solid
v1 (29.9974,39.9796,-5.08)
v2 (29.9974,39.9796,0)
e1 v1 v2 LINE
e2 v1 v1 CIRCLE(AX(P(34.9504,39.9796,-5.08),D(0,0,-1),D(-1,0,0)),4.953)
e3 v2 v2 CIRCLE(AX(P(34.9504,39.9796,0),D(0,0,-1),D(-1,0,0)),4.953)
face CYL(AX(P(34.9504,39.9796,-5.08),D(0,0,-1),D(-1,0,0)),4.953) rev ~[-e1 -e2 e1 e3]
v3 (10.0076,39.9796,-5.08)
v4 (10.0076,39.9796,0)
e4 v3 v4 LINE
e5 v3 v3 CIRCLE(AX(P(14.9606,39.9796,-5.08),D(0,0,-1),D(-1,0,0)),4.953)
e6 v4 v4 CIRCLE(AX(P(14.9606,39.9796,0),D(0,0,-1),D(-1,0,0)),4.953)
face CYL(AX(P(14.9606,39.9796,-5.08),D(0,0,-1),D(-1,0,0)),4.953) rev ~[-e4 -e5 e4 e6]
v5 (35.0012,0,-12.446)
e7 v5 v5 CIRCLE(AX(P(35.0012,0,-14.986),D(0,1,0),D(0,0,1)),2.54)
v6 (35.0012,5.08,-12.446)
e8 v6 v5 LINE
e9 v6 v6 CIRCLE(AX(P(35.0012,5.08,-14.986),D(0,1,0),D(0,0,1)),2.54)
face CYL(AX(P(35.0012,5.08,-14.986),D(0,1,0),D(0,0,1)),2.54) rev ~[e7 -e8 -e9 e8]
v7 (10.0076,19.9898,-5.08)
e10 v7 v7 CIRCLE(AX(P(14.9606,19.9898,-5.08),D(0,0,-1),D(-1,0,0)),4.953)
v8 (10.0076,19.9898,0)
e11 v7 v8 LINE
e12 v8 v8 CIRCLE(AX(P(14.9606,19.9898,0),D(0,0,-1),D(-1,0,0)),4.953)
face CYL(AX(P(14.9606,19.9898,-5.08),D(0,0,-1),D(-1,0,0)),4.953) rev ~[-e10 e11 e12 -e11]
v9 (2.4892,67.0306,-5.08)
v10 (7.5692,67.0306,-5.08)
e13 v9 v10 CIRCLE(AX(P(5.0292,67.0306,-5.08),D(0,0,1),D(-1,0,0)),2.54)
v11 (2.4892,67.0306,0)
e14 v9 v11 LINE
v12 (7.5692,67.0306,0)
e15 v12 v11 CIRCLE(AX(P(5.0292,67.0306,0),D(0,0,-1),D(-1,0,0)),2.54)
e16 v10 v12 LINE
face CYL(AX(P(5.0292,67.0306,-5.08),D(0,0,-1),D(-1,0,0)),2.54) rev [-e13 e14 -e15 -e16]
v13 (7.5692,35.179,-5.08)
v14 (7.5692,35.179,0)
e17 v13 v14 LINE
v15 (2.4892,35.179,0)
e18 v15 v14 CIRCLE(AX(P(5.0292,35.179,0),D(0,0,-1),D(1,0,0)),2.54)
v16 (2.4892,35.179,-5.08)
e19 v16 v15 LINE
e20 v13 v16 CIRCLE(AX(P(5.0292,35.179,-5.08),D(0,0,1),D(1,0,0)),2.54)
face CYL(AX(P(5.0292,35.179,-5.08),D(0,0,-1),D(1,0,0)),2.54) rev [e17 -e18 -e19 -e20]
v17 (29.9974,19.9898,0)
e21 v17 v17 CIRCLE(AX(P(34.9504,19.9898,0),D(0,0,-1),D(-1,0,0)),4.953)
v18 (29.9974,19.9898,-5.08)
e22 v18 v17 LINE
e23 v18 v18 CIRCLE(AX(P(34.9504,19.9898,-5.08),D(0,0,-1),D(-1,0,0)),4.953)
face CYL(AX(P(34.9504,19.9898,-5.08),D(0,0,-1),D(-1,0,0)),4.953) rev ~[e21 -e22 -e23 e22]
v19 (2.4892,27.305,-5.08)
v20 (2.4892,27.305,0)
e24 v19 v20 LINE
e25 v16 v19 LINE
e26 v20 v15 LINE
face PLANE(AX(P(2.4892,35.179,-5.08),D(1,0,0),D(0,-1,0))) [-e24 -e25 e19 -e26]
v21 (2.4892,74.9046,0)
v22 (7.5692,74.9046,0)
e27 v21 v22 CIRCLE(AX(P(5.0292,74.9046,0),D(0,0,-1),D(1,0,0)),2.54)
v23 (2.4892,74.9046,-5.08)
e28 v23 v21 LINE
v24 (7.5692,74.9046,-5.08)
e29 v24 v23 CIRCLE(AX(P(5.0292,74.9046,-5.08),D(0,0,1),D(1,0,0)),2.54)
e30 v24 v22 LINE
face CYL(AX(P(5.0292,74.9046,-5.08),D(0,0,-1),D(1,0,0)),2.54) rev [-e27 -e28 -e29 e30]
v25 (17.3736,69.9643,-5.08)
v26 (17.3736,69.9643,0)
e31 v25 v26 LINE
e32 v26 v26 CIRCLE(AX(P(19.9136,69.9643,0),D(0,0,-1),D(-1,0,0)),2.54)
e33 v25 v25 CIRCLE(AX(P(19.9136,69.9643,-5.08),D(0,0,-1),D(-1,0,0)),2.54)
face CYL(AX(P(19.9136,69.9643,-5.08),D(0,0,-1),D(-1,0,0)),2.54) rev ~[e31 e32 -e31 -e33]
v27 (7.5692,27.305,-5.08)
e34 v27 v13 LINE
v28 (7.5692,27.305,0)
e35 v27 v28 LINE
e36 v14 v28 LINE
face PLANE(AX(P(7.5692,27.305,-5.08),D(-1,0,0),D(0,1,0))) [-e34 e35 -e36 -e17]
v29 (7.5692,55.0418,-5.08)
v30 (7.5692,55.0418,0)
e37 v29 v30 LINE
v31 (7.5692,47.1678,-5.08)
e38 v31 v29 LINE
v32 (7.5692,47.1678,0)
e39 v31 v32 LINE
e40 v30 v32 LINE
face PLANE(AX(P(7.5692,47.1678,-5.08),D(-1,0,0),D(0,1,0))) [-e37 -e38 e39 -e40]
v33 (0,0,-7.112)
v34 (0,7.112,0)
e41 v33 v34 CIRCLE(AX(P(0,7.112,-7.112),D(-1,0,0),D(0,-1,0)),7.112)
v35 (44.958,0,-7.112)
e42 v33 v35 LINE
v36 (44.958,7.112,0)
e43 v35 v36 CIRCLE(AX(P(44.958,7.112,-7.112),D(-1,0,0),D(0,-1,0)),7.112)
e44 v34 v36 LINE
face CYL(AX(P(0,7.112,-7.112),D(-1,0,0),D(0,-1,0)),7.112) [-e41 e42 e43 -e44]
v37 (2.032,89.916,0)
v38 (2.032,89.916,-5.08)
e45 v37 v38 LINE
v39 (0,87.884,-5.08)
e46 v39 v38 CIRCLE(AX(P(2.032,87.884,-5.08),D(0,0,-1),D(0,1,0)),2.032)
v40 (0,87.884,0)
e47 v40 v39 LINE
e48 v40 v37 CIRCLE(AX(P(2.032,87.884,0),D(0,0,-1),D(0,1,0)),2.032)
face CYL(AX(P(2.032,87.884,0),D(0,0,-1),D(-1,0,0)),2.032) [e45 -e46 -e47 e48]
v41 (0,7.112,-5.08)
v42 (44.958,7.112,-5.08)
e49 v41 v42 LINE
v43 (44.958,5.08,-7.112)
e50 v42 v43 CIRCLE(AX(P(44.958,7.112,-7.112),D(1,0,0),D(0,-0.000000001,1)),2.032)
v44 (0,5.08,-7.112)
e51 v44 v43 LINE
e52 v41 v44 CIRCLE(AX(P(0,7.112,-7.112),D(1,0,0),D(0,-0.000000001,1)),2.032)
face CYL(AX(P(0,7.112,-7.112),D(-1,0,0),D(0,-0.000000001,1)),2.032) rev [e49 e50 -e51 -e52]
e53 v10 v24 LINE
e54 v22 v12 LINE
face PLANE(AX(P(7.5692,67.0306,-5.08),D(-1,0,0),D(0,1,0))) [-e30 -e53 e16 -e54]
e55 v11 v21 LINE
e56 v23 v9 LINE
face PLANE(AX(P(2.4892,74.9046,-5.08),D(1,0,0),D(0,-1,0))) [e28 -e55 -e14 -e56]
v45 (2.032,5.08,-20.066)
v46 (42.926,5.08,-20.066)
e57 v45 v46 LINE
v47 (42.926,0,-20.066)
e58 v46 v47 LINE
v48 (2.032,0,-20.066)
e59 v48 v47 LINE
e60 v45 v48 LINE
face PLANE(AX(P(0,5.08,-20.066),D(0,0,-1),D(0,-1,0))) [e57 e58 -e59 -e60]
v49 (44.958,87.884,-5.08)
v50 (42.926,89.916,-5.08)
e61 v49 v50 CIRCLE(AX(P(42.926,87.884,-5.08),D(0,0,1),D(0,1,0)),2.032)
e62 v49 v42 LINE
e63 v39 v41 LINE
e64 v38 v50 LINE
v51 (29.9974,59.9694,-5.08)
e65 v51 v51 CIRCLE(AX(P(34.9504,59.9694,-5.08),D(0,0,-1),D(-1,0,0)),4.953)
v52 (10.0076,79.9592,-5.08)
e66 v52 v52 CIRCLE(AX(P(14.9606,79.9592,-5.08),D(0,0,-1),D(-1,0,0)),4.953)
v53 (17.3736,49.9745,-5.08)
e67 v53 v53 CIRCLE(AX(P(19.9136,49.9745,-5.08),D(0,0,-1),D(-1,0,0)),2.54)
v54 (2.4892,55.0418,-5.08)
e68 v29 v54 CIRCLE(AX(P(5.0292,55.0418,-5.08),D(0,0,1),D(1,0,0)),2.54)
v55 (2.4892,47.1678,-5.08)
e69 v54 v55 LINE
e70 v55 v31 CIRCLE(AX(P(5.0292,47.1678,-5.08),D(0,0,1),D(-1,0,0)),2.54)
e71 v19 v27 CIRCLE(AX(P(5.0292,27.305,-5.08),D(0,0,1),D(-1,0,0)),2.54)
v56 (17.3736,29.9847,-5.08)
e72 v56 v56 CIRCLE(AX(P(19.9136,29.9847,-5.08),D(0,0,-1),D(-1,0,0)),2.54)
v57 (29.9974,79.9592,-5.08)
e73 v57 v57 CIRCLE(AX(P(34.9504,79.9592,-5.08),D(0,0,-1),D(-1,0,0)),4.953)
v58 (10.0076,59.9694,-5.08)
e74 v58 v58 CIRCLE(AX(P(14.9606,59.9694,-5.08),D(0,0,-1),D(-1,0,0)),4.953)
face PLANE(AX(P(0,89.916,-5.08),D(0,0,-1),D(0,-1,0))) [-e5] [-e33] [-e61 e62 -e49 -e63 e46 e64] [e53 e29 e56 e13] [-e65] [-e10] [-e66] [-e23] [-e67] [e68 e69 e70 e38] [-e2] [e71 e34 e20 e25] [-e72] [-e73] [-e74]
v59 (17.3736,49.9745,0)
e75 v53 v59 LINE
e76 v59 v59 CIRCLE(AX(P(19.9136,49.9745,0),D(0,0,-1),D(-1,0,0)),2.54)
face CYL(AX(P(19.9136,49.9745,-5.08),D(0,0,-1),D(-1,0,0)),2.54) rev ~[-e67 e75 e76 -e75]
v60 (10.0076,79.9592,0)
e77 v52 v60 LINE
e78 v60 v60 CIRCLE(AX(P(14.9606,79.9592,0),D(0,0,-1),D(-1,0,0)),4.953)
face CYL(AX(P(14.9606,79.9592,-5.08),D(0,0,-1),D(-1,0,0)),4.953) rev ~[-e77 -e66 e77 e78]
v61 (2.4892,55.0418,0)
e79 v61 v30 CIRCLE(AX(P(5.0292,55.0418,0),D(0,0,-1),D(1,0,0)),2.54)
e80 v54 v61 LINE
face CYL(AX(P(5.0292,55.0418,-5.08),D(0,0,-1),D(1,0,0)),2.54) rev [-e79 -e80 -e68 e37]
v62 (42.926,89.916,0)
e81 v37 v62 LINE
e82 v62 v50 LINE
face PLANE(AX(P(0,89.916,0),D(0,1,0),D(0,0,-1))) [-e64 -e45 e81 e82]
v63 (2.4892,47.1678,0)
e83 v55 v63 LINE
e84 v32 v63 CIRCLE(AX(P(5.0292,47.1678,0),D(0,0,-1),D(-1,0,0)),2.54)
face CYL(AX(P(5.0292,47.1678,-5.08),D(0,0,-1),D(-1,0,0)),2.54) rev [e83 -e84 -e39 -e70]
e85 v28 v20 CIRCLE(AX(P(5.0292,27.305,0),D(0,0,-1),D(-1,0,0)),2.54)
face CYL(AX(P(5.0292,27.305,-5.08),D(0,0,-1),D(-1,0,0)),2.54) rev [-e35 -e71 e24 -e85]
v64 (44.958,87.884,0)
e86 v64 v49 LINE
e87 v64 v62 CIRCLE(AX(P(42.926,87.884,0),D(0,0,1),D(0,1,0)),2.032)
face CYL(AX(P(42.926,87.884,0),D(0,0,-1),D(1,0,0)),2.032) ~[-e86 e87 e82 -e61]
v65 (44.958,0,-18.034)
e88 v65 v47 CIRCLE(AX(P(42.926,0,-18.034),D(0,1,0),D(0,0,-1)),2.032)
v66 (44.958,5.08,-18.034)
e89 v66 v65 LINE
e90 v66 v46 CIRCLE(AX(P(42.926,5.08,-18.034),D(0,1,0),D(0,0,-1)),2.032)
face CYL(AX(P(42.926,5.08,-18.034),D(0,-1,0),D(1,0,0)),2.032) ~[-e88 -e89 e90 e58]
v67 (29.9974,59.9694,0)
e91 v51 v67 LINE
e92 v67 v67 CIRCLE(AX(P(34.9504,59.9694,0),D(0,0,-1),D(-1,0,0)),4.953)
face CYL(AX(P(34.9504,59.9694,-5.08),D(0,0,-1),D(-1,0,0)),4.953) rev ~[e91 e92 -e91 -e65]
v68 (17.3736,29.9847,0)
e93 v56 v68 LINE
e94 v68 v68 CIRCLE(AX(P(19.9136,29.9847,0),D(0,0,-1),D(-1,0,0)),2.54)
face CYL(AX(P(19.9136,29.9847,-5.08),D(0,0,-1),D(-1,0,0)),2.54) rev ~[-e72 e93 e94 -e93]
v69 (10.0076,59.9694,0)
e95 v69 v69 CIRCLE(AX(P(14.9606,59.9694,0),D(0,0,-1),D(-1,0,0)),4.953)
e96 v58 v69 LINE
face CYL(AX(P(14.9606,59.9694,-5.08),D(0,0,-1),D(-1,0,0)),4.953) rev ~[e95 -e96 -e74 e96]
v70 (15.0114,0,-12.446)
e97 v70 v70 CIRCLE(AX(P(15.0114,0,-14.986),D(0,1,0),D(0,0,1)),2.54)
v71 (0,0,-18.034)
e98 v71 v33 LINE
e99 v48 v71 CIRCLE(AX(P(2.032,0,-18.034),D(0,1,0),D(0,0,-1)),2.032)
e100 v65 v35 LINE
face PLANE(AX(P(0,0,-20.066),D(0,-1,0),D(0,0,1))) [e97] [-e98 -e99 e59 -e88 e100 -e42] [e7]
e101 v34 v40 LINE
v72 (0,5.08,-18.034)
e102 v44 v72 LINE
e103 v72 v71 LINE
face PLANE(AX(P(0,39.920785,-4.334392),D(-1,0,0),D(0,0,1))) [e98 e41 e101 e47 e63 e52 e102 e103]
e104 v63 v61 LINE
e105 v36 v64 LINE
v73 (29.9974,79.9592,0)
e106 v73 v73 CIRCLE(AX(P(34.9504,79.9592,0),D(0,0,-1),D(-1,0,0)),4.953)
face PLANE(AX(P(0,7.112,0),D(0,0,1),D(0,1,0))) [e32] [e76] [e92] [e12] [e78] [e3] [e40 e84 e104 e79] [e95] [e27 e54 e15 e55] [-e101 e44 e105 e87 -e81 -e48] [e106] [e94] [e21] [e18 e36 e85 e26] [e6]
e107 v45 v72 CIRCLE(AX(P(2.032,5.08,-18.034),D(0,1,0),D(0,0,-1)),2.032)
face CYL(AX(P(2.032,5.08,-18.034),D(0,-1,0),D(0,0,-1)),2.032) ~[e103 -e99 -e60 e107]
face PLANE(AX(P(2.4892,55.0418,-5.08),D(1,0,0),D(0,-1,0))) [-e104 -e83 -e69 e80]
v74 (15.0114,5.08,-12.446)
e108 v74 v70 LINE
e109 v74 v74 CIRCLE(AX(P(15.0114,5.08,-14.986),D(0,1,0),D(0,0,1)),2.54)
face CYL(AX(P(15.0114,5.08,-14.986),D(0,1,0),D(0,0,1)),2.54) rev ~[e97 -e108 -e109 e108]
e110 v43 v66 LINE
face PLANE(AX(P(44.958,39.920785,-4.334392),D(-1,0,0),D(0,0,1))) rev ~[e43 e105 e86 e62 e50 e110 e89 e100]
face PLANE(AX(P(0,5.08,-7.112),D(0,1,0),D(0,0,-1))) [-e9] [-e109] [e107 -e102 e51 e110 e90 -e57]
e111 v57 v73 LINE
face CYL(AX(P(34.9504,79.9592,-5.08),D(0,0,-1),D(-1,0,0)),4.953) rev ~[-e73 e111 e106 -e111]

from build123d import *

# Parameters (mm, degrees)
BOSS_EXTRUDE6_DEPTH = 44.958
SKETCH12_R          = 4.953
SKETCH12_R_2        = 2.54
CUT_EXTRUDE1_DEPTH  = 102.639997127
FILLET4_R           = 2.032
FILLET5_R           = 2.032
FILLET6_R           = 2.032
FILLET7_R           = 2.032
SKETCH15_R          = 2.54
CUT_EXTRUDE2_DEPTH  = 99.086762695


with BuildPart() as part:
    # Sketch6 → Boss-Extrude6 (new body)
    with BuildSketch(Plane(origin=(0, 0, 0), x_dir=(0, 0, -1), z_dir=(1, 0, 0))):
        with BuildLine():
            Line((0, 7.112), (0, 89.916))
            Line((0, 89.916), (5.08, 89.916))
            Line((5.08, 89.916), (5.08, 7.112))
            ThreePointArc((5.08, 7.112), (5.675159021, 5.675159021), (7.112, 5.08))
            Line((7.112, 5.08), (20.066, 5.08))
            Line((20.066, 5.08), (20.066, 0))
            Line((20.066, 0), (7.112, 0))
            ThreePointArc((7.112, 0), (2.083056572, 2.083056572), (0, 7.112))
        make_face()
    extrude(amount=BOSS_EXTRUDE6_DEPTH)

    # Sketch12 → Cut-Extrude1 (cut, through all)
    with BuildSketch(Plane(origin=(0, 0, -5.08), x_dir=(-1, 0, 0), z_dir=(0, 0, -1))):
        with Locations((-34.9504, 79.9592)):
            Circle(SKETCH12_R)
        with Locations((-14.9606, 79.9592)):
            Circle(SKETCH12_R)
        with Locations((-14.9606, 59.9694)):
            Circle(SKETCH12_R)
        with Locations((-14.9606, 39.9796)):
            Circle(SKETCH12_R)
        with Locations((-14.9606, 19.9898)):
            Circle(SKETCH12_R)
        with Locations((-34.9504, 59.9694)):
            Circle(SKETCH12_R)
        with Locations((-34.9504, 39.9796)):
            Circle(SKETCH12_R)
        with Locations((-34.9504, 19.9898)):
            Circle(SKETCH12_R)
        with Locations((-19.9136, 49.9745)):
            Circle(SKETCH12_R_2)
        with Locations((-19.9136, 69.9643)):
            Circle(SKETCH12_R_2)
        with Locations((-19.9136, 29.9847)):
            Circle(SKETCH12_R_2)
        with BuildLine():
            Line((-2.4892, 74.9046), (-2.4892, 67.0306))
            ThreePointArc((-2.4892, 67.0306), (-5.0292, 64.4906), (-7.5692, 67.0306))
            Line((-7.5692, 67.0306), (-7.5692, 74.9046))
            ThreePointArc((-7.5692, 74.9046), (-5.0292, 77.4446), (-2.4892, 74.9046))
        make_face()
        with BuildLine():
            Line((-2.4892, 55.0418), (-2.4892, 47.1678))
            ThreePointArc((-2.4892, 47.1678), (-5.0292, 44.6278), (-7.5692, 47.1678))
            Line((-7.5692, 47.1678), (-7.5692, 55.0418))
            ThreePointArc((-7.5692, 55.0418), (-5.0292, 57.5818), (-2.4892, 55.0418))
        make_face()
        with BuildLine():
            Line((-2.4892, 35.179), (-2.4892, 27.305))
            ThreePointArc((-2.4892, 27.305), (-5.0292, 24.765), (-7.5692, 27.305))
            Line((-7.5692, 27.305), (-7.5692, 35.179))
            ThreePointArc((-7.5692, 35.179), (-5.0292, 37.719), (-2.4892, 35.179))
        make_face()
    extrude(amount=-CUT_EXTRUDE1_DEPTH, mode=Mode.SUBTRACT)

    # Fillet4
    fillet4_edges = [part.edges().sort_by_distance(p)[0] for p in [
        (44.958, 89.916, -2.54),
    ]]
    fillet(fillet4_edges, radius=FILLET4_R)

    # Fillet5
    fillet5_edges = [part.edges().sort_by_distance(p)[0] for p in [
        (44.958, 2.54, -20.066),
    ]]
    fillet(fillet5_edges, radius=FILLET5_R)

    # Fillet6
    fillet6_edges = [part.edges().sort_by_distance(p)[0] for p in [
        (0, 2.54, -20.066),
    ]]
    fillet(fillet6_edges, radius=FILLET6_R)

    # Fillet7
    fillet7_edges = [part.edges().sort_by_distance(p)[0] for p in [
        (0, 89.916, -2.54),
    ]]
    fillet(fillet7_edges, radius=FILLET7_R)

    # Sketch15 → Cut-Extrude2 (cut, through all)
    with BuildSketch(Plane(origin=(0, 5.08, 0), x_dir=(1, 0, 0), z_dir=(0, 1, 0))):
        with Locations(Location((15.0114, 14.986, 0), (0, 0, 270))):
            Circle(SKETCH15_R)
        with Locations(Location((35.0012, 14.986, 0), (0, 0, 270))):
            Circle(SKETCH15_R)
    extrude(amount=-CUT_EXTRUDE2_DEPTH, mode=Mode.SUBTRACT)


solid = part.part
